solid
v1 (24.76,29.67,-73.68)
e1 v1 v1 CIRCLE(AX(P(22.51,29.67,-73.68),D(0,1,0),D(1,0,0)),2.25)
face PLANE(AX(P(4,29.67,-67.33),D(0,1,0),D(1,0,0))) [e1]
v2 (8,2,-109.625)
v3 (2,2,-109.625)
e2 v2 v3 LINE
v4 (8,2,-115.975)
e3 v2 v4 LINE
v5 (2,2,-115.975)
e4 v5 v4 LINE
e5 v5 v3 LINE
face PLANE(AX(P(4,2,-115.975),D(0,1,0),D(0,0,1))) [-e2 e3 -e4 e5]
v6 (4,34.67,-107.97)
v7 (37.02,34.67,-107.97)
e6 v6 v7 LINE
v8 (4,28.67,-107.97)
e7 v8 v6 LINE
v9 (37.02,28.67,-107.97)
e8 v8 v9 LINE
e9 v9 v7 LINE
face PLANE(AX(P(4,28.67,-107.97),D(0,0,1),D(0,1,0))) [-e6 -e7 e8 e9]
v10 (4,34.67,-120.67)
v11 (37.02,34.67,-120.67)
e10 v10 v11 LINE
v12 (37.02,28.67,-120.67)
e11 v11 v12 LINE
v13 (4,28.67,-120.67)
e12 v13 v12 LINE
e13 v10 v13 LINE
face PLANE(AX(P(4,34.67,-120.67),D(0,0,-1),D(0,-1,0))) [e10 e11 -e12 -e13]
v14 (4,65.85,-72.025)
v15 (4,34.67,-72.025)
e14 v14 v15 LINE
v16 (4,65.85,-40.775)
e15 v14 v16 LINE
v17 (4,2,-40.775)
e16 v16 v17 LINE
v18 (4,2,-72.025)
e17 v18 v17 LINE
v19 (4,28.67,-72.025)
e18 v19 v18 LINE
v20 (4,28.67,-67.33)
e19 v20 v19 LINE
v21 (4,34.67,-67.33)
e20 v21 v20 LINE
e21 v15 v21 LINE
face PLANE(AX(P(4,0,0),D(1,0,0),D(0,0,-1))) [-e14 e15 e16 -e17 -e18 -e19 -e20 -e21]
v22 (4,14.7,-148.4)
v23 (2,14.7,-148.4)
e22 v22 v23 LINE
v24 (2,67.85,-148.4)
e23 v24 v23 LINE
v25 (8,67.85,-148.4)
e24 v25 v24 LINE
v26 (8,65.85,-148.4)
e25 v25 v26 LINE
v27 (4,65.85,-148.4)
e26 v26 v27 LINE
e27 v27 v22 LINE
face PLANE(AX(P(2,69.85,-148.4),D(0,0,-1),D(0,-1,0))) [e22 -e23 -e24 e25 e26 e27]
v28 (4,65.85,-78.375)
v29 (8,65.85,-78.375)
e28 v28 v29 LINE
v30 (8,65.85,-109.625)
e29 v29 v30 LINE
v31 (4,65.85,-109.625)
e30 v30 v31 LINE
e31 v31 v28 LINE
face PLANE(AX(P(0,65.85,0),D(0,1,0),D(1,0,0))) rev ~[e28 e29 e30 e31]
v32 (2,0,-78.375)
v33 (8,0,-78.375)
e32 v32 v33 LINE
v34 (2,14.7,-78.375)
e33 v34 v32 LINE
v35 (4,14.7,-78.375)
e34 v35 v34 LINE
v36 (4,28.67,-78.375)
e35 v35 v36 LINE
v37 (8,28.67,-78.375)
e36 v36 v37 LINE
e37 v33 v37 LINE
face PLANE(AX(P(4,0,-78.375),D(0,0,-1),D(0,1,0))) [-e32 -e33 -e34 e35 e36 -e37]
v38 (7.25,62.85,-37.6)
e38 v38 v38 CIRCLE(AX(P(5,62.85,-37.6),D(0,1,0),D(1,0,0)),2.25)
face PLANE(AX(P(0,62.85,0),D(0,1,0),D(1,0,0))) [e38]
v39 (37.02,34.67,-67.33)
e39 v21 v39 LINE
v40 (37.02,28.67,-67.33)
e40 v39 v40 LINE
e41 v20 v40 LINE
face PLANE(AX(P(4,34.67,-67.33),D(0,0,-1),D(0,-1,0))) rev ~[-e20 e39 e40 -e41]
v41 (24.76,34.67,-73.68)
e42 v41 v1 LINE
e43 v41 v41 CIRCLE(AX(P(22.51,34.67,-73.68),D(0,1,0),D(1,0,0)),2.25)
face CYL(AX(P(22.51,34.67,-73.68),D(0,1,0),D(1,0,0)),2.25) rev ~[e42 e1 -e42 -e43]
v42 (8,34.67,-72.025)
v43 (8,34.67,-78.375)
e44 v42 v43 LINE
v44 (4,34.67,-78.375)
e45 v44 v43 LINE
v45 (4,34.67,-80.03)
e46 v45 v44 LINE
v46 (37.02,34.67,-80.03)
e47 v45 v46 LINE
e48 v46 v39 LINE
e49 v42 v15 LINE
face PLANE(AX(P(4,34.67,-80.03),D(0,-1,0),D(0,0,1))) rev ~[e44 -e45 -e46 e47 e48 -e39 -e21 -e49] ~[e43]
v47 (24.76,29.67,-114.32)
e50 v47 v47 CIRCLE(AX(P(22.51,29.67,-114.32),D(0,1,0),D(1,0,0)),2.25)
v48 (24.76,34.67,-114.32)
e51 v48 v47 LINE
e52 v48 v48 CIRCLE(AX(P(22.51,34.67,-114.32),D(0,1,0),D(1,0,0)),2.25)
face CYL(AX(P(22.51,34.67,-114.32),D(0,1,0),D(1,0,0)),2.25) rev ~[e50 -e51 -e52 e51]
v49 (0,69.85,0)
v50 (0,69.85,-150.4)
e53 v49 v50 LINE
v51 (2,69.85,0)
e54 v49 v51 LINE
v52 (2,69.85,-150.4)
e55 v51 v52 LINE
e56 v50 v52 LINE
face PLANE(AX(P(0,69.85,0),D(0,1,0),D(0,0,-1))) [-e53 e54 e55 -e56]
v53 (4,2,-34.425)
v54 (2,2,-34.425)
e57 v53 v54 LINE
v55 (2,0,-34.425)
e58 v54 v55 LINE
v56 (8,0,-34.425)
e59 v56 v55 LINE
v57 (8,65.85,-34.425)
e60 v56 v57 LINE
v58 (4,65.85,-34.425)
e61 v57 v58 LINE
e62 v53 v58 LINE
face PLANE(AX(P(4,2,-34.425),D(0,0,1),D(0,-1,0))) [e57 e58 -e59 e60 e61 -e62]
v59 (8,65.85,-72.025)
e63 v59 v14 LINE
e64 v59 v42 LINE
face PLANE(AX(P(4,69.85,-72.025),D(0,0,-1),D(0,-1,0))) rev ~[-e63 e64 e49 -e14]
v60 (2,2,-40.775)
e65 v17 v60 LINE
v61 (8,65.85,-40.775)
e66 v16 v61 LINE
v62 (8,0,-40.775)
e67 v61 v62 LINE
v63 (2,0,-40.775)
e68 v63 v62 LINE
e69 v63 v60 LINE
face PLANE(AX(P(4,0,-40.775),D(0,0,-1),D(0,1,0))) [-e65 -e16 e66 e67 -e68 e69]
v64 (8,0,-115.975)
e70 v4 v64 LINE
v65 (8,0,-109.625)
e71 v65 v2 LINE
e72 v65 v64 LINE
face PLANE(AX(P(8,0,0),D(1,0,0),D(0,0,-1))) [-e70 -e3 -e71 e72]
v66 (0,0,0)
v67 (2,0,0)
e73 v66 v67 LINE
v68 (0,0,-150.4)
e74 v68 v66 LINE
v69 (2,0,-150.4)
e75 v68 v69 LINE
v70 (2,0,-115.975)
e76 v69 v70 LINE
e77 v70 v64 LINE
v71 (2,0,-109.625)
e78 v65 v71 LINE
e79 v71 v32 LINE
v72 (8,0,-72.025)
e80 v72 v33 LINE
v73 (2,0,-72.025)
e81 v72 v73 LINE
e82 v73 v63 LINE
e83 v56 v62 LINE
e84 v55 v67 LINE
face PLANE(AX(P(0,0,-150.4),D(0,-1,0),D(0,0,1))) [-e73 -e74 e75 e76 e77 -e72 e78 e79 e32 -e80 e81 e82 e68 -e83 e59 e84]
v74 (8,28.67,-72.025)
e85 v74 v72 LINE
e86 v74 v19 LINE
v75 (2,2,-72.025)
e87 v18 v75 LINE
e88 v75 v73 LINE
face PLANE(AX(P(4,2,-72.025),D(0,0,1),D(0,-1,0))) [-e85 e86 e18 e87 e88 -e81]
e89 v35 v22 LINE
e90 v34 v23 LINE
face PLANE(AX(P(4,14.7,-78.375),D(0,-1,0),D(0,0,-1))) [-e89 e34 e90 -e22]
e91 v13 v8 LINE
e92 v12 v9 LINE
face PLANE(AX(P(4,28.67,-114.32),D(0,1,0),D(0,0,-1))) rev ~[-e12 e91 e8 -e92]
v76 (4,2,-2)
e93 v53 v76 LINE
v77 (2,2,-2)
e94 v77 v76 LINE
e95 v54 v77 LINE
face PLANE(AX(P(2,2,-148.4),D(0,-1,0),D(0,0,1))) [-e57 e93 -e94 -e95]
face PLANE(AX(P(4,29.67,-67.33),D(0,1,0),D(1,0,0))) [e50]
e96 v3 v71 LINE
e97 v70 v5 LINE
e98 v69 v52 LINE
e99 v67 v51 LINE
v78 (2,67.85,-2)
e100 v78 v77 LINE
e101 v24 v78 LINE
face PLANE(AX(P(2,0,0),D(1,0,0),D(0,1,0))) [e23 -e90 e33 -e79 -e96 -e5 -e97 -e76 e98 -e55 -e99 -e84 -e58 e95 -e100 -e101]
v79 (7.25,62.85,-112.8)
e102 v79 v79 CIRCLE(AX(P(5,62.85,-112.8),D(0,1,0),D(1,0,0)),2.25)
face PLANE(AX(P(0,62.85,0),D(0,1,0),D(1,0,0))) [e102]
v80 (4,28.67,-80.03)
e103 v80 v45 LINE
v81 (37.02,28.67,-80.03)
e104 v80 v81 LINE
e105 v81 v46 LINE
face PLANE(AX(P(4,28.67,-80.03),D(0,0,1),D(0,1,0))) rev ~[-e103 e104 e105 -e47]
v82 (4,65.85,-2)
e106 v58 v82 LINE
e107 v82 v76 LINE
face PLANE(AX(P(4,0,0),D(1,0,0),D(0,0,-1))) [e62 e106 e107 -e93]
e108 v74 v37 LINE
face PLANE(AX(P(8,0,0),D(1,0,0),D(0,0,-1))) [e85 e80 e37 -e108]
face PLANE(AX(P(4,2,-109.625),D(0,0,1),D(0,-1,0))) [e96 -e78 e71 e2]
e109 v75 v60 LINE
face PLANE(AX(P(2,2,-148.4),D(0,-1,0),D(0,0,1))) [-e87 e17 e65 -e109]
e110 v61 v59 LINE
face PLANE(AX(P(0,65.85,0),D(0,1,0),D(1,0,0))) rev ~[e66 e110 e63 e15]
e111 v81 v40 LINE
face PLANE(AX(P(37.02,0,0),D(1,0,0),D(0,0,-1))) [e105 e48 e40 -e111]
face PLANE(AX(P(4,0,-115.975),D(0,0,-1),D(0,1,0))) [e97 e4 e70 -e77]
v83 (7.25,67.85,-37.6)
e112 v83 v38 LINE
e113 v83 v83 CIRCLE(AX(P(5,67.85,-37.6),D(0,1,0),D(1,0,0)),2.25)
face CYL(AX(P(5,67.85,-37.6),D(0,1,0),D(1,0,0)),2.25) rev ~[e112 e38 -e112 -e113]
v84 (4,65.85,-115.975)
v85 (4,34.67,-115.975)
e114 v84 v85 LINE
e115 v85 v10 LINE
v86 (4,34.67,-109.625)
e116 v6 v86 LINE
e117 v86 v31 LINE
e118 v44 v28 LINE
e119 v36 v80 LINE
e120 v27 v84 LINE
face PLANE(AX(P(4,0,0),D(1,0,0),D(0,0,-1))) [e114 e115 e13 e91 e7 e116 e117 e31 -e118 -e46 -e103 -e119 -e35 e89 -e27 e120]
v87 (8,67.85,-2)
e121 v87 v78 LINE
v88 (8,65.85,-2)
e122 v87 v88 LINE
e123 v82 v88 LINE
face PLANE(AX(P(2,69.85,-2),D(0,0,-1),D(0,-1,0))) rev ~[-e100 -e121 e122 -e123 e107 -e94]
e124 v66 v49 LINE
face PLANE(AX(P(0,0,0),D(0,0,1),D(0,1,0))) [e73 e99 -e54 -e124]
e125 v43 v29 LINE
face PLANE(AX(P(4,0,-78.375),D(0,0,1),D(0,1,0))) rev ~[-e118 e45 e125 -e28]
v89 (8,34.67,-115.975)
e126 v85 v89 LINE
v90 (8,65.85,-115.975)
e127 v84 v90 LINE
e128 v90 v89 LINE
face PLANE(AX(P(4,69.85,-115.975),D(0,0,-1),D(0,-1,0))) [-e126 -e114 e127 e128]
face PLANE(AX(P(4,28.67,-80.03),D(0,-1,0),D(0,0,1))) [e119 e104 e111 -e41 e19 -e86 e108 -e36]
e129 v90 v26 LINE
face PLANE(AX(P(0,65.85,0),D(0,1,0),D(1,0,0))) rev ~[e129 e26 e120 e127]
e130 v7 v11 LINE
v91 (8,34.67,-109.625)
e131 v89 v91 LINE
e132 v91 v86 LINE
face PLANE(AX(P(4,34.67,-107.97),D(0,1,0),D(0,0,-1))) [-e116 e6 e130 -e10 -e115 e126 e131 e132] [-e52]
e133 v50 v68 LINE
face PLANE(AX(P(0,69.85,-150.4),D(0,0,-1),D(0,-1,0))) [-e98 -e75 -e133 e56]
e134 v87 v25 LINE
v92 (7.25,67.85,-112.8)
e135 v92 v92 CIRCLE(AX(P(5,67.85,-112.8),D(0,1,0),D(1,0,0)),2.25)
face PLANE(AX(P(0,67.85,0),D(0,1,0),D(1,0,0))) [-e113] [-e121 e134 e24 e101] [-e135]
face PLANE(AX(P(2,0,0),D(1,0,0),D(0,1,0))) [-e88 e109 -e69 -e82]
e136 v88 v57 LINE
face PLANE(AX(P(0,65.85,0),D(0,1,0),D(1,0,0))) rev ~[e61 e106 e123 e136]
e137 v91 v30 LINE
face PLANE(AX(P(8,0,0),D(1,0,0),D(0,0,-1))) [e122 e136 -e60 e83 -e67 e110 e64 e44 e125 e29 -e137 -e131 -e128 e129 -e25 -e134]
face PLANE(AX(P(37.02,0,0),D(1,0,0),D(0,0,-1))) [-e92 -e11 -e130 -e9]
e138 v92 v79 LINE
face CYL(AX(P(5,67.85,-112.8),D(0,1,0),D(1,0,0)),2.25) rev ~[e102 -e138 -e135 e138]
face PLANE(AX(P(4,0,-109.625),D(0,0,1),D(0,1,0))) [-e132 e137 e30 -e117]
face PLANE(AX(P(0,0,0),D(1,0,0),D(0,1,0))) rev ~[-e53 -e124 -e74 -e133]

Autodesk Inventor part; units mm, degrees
ref_plane "YZ Plane" through (0, 0, 0) normal (1, 0, 0) x (0, 1, 0)
ref_plane "XZ Plane" through (0, 0, 0) normal (0, 1, 0) x (-1, 0, 0)
ref_plane "XY Plane" through (0, 0, 0) normal (0, 0, 1) x (1, 0, 0)
sketch "Sketch1" plane through (0, 0, 0) normal (1, 0, 0) x (0, 1, 0)
  line L0 (0, 0) -> (69.85, 0)
  line L1 (69.85, 0) -> (69.85, -150.4)
  line L2 (69.85, -150.4) -> (0, -150.4)
  line L3 (0, -150.4) -> (0, 0)
  dimension "d0" = 69.85
  dimension "d1" = 150.4
extrude "Extrusion1" add sketch "Sketch1" along normal blind 2
sketch "Sketch2" plane through (2, 0, 0) normal (1, 0, 0) x (0, 0, -1)
  line L0 (150.4, 0) -> (150.4, 69.85)
  line L1 (150.4, 69.85) -> (0, 69.85)
  line L2 (0, 69.85) -> (0, 0)
  line L3 (0, 0) -> (150.4, 0)
  line L4 (150.4, 69.85) -> (148.4, 69.85)
  line L5 (148.4, 69.85) -> (148.4, 0)
  line L6 (148.4, 0) -> (150.4, 0)
  line L7 (150.4, 0) -> (150.4, 69.85)
  line L8 (0, 69.85) -> (2, 69.85)
  line L9 (2, 69.85) -> (2, 0)
  line L10 (2, 0) -> (0, 0)
  line L11 (0, 0) -> (0, 69.85)
  line L12 (0, 0) -> (150.4, 0)
  line L13 (150.4, 0) -> (150.4, 2)
  line L14 (150.4, 2) -> (0, 2)
  line L15 (0, 2) -> (0, 0)
  point P0 (2, 2)
  point P1 (148.4, 2)
  dimension "d4" = 2
  dimension "d5" = 2
  dimension "d6" = 2
extrude "Extrusion2" add sketch "Sketch2" along normal blind 2 contours L14 L9 L1 L5
sketch "Sketch3" plane through (4, 0, 0) normal (1, 0, 0) x (0, 0, -1)
  line L0 (150.4, 0) -> (150.4, 69.85)
  line L1 (0, 0) -> (150.4, 0)
  line L2 (0, 69.85) -> (0, 0)
  line L3 (150.4, 69.85) -> (0, 69.85)
  line L4 (0, 69.85) -> (75.2, 69.85) construction
  line L5 (75.2, 69.85) -> (75.2, 0) construction
  line L6 (75.2, 0) -> (0, 0) construction
  line L7 (0, 0) -> (0, 69.85) construction
  line L8 (0, 0) -> (150.4, 0) construction
  line L9 (0, 0) -> (37.6, 0) construction
  line L10 (37.6, 0) -> (37.6, 69.85) construction
  line L11 (37.6, 69.85) -> (0, 69.85) construction
  line L12 (0, 69.85) -> (0, 0) construction
  line L13 (150.4, 0) -> (150.4, 69.85) construction
  line L14 (75.2, 69.85) -> (150.4, 69.85) construction
  line L15 (150.4, 69.85) -> (150.4, 0) construction
  line L16 (150.4, 0) -> (75.2, 0) construction
  line L17 (75.2, 0) -> (75.2, 69.85) construction
  line L18 (75.2, 0) -> (112.8, 0) construction
  line L19 (112.8, 0) -> (112.8, 69.85) construction
  line L20 (112.8, 69.85) -> (75.2, 69.85) construction
  line L21 (75.2, 69.85) -> (75.2, 0) construction
  line L22 (34.425, 0) -> (34.425, 69.85) construction
  line L23 (34.425, 69.85) -> (40.775, 69.85) construction
  line L24 (40.775, 69.85) -> (40.775, 0) construction
  line L25 (40.775, 0) -> (34.425, 0) construction
  line L26 (34.425, 0) -> (40.775, 69.85) construction
  line L27 (34.425, 69.85) -> (40.775, 0) construction
  line L28 (72.025, 0) -> (72.025, 69.85) construction
  line L29 (72.025, 69.85) -> (78.375, 69.85) construction
  line L30 (78.375, 69.85) -> (78.375, 0) construction
  line L31 (78.375, 0) -> (72.025, 0) construction
  line L32 (72.025, 0) -> (78.375, 69.85) construction
  line L33 (72.025, 69.85) -> (78.375, 0) construction
  line L34 (109.625, 0) -> (109.625, 69.85) construction
  line L35 (109.625, 69.85) -> (115.975, 69.85) construction
  line L36 (115.975, 69.85) -> (115.975, 0) construction
  line L37 (115.975, 0) -> (109.625, 0) construction
  line L38 (109.625, 0) -> (115.975, 69.85) construction
  line L39 (109.625, 69.85) -> (115.975, 0) construction
  line L40 (34.425, 69.85) -> (40.775, 69.85)
  line L41 (40.775, 69.85) -> (40.775, 0)
  line L42 (40.775, 0) -> (34.425, 0)
  line L43 (34.425, 0) -> (34.425, 69.85)
  line L44 (72.025, 0) -> (78.375, 0)
  line L45 (78.375, 0) -> (78.375, 69.85)
  line L46 (78.375, 69.85) -> (72.025, 69.85)
  line L47 (72.025, 69.85) -> (72.025, 0)
  line L48 (109.625, 69.85) -> (115.975, 69.85)
  line L49 (115.975, 69.85) -> (115.975, 0)
  line L50 (115.975, 0) -> (109.625, 0)
  line L51 (109.625, 0) -> (109.625, 69.85)
  point P0 (37.6, 34.925)
  point P1 (75.2, 34.925)
  point P2 (112.8, 34.925)
  dimension "d9" = 6.35
  dimension "d10" = 6.35
  dimension "d11" = 6.35
extrude "Extrusion3" add sketch "Sketch3" along normal blind 4 contours L1 L51 L3 L49 | L1 L47 L3 L45 | L1 L43 L3 L41
sketch "Sketch4" plane through (0, 69.85, 0) normal (0, 1, 0) x (1, 0, 0)
  line L0 (0, 150.4) -> (0, 0)
  line L1 (0, 150.4) -> (0, 0) construction
  line L2 (0, 0) -> (2, 0) construction
  line L3 (2, 2) -> (2, 0) construction
  line L4 (2, 2) -> (4, 2) construction
  line L5 (4, 34.425) -> (4, 2) construction
  line L6 (4, 34.425) -> (8, 34.425) construction
  line L7 (8, 40.775) -> (8, 34.425) construction
  line L8 (4, 40.775) -> (8, 40.775) construction
  line L9 (4, 72.025) -> (4, 40.775) construction
  line L10 (4, 72.025) -> (8, 72.025) construction
  line L11 (8, 78.375) -> (8, 72.025) construction
  line L12 (4, 78.375) -> (8, 78.375) construction
  line L13 (4, 109.625) -> (4, 78.375) construction
  line L14 (4, 109.625) -> (8, 109.625) construction
  line L15 (8, 115.975) -> (8, 109.625) construction
  line L16 (4, 115.975) -> (8, 115.975) construction
  line L17 (4, 148.4) -> (4, 115.975) construction
  line L18 (2, 148.4) -> (4, 148.4) construction
  line L19 (2, 150.4) -> (2, 148.4) construction
  line L20 (0, 150.4) -> (2, 150.4) construction
  line L21 (2, 0) -> (0, 0)
  line L22 (0, 0) -> (0, 150.4)
  line L23 (0, 150.4) -> (2, 150.4)
  line L24 (2, 150.4) -> (2, 0)
  line L25 (2, 0) -> (8, 0)
  line L26 (8, 0) -> (8, 150.4)
  line L27 (8, 150.4) -> (2, 150.4)
  line L28 (2, 150.4) -> (2, 0)
extrude "Extrusion4" cut sketch "Sketch4" against normal blind 2 contours L27 L26 L25 L24
sketch "Sketch5" plane through (0, 67.85, 0) normal (0, 1, 0) x (1, 0, 0)
  line L0 (4, 115.975) -> (8, 115.975)
  line L1 (4, 148.4) -> (4, 115.975)
  line L2 (2, 148.4) -> (4, 148.4)
  line L3 (2, 2) -> (2, 148.4)
  line L4 (4, 2) -> (2, 2)
  line L5 (4, 34.425) -> (4, 2)
  line L6 (8, 34.425) -> (4, 34.425)
  line L7 (8, 40.775) -> (8, 34.425)
  line L8 (4, 40.775) -> (8, 40.775)
  line L9 (4, 72.025) -> (4, 40.775)
  line L10 (8, 72.025) -> (4, 72.025)
  line L11 (8, 78.375) -> (8, 72.025)
  line L12 (4, 78.375) -> (8, 78.375)
  line L13 (4, 109.625) -> (4, 78.375)
  line L14 (8, 109.625) -> (4, 109.625)
  line L15 (8, 115.975) -> (8, 109.625)
  line L16 (2, 2) -> (4, 2)
  line L17 (2, 2) -> (8, 2)
  line L18 (8, 2) -> (8, 148.4)
  line L19 (8, 148.4) -> (2, 148.4)
  line L20 (2, 148.4) -> (2, 2)
  point P0 (0, 0)
  point P1 (4, 2)
extrude "Extrusion5" add sketch "Sketch5" against normal blind 2 contours L1 L19 L18 L0 | L18 L12 L13 L14 | L18 L8 L9 L10 | L5 L6 L18 L17
sketch "Sketch6" plane through (4, 0, 0) normal (1, 0, 0) x (0, 0, -1)
  line L0 (2, 67.85) -> (148.4, 67.85) construction
  line L1 (2, 67.85) -> (2, 65.85) construction
  line L2 (34.425, 65.85) -> (2, 65.85) construction
  line L3 (34.425, 65.85) -> (34.425, 0) construction
  line L4 (34.425, 0) -> (40.775, 0) construction
  line L5 (40.775, 0) -> (40.775, 65.85) construction
  line L6 (72.025, 65.85) -> (40.775, 65.85) construction
  line L7 (72.025, 65.85) -> (72.025, 0) construction
  line L8 (72.025, 0) -> (78.375, 0) construction
  line L9 (78.375, 0) -> (78.375, 65.85) construction
  line L10 (109.625, 65.85) -> (78.375, 65.85) construction
  line L11 (109.625, 65.85) -> (109.625, 0) construction
  line L12 (109.625, 0) -> (115.975, 0) construction
  line L13 (115.975, 0) -> (115.975, 65.85) construction
  line L14 (148.4, 65.85) -> (115.975, 65.85) construction
  line L15 (148.4, 67.85) -> (148.4, 65.85) construction
  line L16 (109.625, 65.85) -> (78.375, 65.85) construction
  line L17 (78.375, 65.85) -> (78.375, 2) construction
  line L18 (78.375, 2) -> (109.625, 2) construction
  line L19 (109.625, 2) -> (109.625, 65.85) construction
  line L20 (148.4, 65.85) -> (115.975, 65.85) construction
  line L21 (115.975, 65.85) -> (115.975, 2) construction
  line L22 (115.975, 2) -> (148.4, 2) construction
  line L23 (148.4, 2) -> (148.4, 65.85) construction
  line L24 (72.025, 65.85) -> (40.775, 65.85) construction
  line L25 (40.775, 65.85) -> (40.775, 2) construction
  line L26 (40.775, 2) -> (72.025, 2) construction
  line L27 (72.025, 2) -> (72.025, 65.85) construction
  line L28 (78.375, 2) -> (78.375, 28.67) construction
  line L29 (94, 28.67) -> (114.32, 28.67)
  line L30 (114.32, 28.67) -> (73.68, 28.67)
  line L31 (73.68, 28.67) -> (67.33, 28.67)
  line L32 (67.33, 28.67) -> (80.03, 28.67)
  line L33 (80.03, 28.67) -> (80.03, 34.67)
  line L34 (80.03, 34.67) -> (67.33, 34.67)
  line L35 (67.33, 34.67) -> (67.33, 28.67)
  line L36 (114.32, 28.67) -> (120.67, 28.67)
  line L37 (120.67, 28.67) -> (107.97, 28.67)
  line L38 (107.97, 28.67) -> (107.97, 34.67)
  line L39 (107.97, 34.67) -> (120.67, 34.67)
  line L40 (120.67, 34.67) -> (120.67, 28.67)
  point P0 (0, 0)
  dimension "d18" = 26.67
  dimension "d31" = 20.32
  dimension "d32" = 40.64
  dimension "d33" = 6.35
  dimension "d34" = 12.7
  dimension "d35" = 6
  dimension "d36" = 6.35
  dimension "d37" = 12.7
  dimension "d38" = 6
extrude "Extrusion6" add sketch "Sketch6" along normal blind 33.02
sketch "Sketch12" plane through (4, 34.67, -67.33) normal (0, 1, 0) x (1, 0, 0)
  line L0 (4, 11.045) -> (0, 11.045) construction
  line L1 (4, 4.695) -> (4, 11.045) construction
  line L2 (0, 4.695) -> (4, 4.695) construction
  line L3 (0, 0) -> (0, 4.695) construction
  line L4 (0, 0) -> (33.02, 0) construction
  line L5 (33.02, 12.7) -> (33.02, 0) construction
  line L6 (0, 12.7) -> (33.02, 12.7) construction
  line L7 (0, 11.045) -> (0, 12.7) construction
  line L8 (4, 48.645) -> (0, 48.645) construction
  line L9 (4, 42.295) -> (4, 48.645) construction
  line L10 (0, 42.295) -> (4, 42.295) construction
  line L11 (0, 40.64) -> (0, 42.295) construction
  line L12 (0, 40.64) -> (33.02, 40.64) construction
  line L13 (33.02, 53.34) -> (33.02, 40.64) construction
  line L14 (0, 53.34) -> (33.02, 53.34) construction
  line L15 (0, 48.645) -> (0, 53.34) construction
  line L16 (4, 4.695) -> (4, -26.555) construction
  line L17 (4, 4.695) -> (33.02, 4.695) construction
  line L18 (33.02, 4.695) -> (33.02, 0) construction
  line L19 (33.02, 0) -> (4, 0) construction
  line L20 (4, 0) -> (4, 4.695) construction
  circle A0 centre (18.51, 6.35) radius 2.25 construction
  line L21 (4, 48.645) -> (33.02, 48.645) construction
  circle A1 centre (18.51, 46.99) radius 2.25 construction
  circle A2 centre (18.51, 6.35) radius 2.25
  circle A3 centre (18.51, 46.99) radius 2.25
  point P0 (-4, -67.33)
  dimension "d39" = 4.5
  dimension "d40" = 4.5
extrude "Extrusion10" cut sketch "Sketch12" against normal blind 5
sketch "Sketch13" plane through (8, 0, 0) normal (1, 0, 0) x (0, 0, -1)
  line L0 (120.67, 28.67) -> (115.975, 28.67) construction
  line L1 (115.975, 28.67) -> (115.975, 2) construction
  line L2 (115.975, 2) -> (148.4, 2) construction
  line L3 (148.4, 2) -> (148.4, 65.85) construction
  line L4 (148.4, 65.85) -> (115.975, 65.85) construction
  line L5 (115.975, 65.85) -> (115.975, 34.67) construction
  line L6 (115.975, 34.67) -> (120.67, 34.67) construction
  line L7 (120.67, 34.67) -> (120.67, 28.67) construction
  line L8 (115.975, 28.67) -> (109.625, 28.67) construction
  line L9 (109.625, 28.67) -> (109.625, 0) construction
  line L10 (109.625, 0) -> (115.975, 0) construction
  line L11 (115.975, 0) -> (115.975, 28.67) construction
  line L12 (78.375, 2) -> (109.625, 2)
  line L13 (115.975, 28.67) -> (109.625, 28.67)
  line L14 (109.625, 28.67) -> (109.625, 2)
  line L15 (109.625, 2) -> (115.975, 2)
  line L16 (115.975, 2) -> (115.975, 28.67)
  point P0 (0, 0)
extrude "Extrusion11" cut sketch "Sketch13" against normal up to surface (4 mm away)
sketch "Sketch14" plane through (4, 0, 0) normal (-1, 0, 0) x (0, 0, 1)
  line L0 (-109.625, 2) -> (-115.975, 2)
  line L1 (-115.975, 0) -> (-115.975, 2)
  line L2 (-109.625, 0) -> (-115.975, 0)
  line L3 (-109.625, 2) -> (-109.625, 0)
  line L4 (-72.025, 2) -> (-78.375, 2)
  line L5 (-78.375, 0) -> (-78.375, 2)
  line L6 (-72.025, 0) -> (-78.375, 0)
  line L7 (-72.025, 2) -> (-72.025, 0)
  line L8 (-34.425, 2) -> (-40.775, 2)
  line L9 (-40.775, 0) -> (-40.775, 2)
  line L10 (-34.425, 0) -> (-40.775, 0)
  line L11 (-34.425, 2) -> (-34.425, 0)
  point P0 (0, 0)
extrude "Extrusion12" add sketch "Sketch14" along normal blind 2
sketch "Sketch15" plane through (0, 67.85, 0) normal (0, 1, 0) x (1, 0, 0)
  line L0 (8, 2) -> (8, 148.4) construction
  line L1 (2, 148.4) -> (8, 148.4) construction
  line L2 (2, 2) -> (2, 148.4) construction
  line L3 (8, 2) -> (2, 2) construction
  line L4 (8, 109.625) -> (8, 115.975) construction
  line L5 (8, 148.4) -> (8, 115.975) construction
  line L6 (8, 2) -> (8, 148.4) construction
  line L7 (8, 34.425) -> (8, 2) construction
  line L8 (8, 34.425) -> (8, 40.775) construction
  line L9 (8, 72.025) -> (8, 40.775) construction
  line L10 (8, 72.025) -> (8, 78.375) construction
  line L11 (8, 109.625) -> (8, 78.375) construction
  line L12 (8, 34.425) -> (4, 34.425) construction
  line L13 (8, 34.425) -> (2, 34.425) construction
  line L14 (2, 34.425) -> (2, 40.775) construction
  line L15 (2, 40.775) -> (8, 40.775) construction
  line L16 (8, 40.775) -> (8, 34.425) construction
  line L17 (8, 109.625) -> (2, 109.625) construction
  line L18 (2, 109.625) -> (2, 115.975) construction
  line L19 (2, 115.975) -> (8, 115.975) construction
  line L20 (8, 115.975) -> (8, 109.625) construction
  circle A0 centre (5, 37.6) radius 2.25 construction
  circle A1 centre (5, 37.6) radius 2.25
  circle A2 centre (5, 112.8) radius 2.25
  point P0 (0, 0)
  dimension "d47" = 4.5
  dimension "d48" = 4.5
extrude "Extrusion13" cut sketch "Sketch15" against normal blind 5
sketch "Sketch16" plane through (4, 0, 0) normal (1, 0, 0) x (0, 0, -1)
  line L0 (107.97, 28.67) -> (120.67, 28.67) construction
  line L1 (107.97, 28.67) -> (107.97, 34.67) construction
  line L2 (107.97, 34.67) -> (109.625, 34.67) construction
  line L3 (109.625, 34.67) -> (109.625, 65.85) construction
  line L4 (109.625, 65.85) -> (78.375, 65.85) construction
  line L5 (78.375, 65.85) -> (78.375, 34.67) construction
  line L6 (78.375, 34.67) -> (80.03, 34.67) construction
  line L7 (80.03, 34.67) -> (80.03, 28.67) construction
  line L8 (80.03, 28.67) -> (78.375, 28.67) construction
  line L9 (78.375, 28.67) -> (78.375, 2) construction
  line L10 (78.375, 2) -> (109.625, 2) construction
  line L11 (109.625, 2) -> (115.975, 2) construction
  line L12 (115.975, 2) -> (148.4, 2) construction
  line L13 (148.4, 2) -> (148.4, 65.85) construction
  line L14 (148.4, 65.85) -> (115.975, 65.85) construction
  line L15 (115.975, 65.85) -> (115.975, 34.67) construction
  line L16 (115.975, 34.67) -> (120.67, 34.67) construction
  line L17 (120.67, 34.67) -> (120.67, 28.67) construction
  line L18 (148.4, 2) -> (78.375, 2) construction
  line L19 (78.375, 2) -> (78.375, 14.7) construction
  line L20 (78.375, 14.7) -> (148.4, 14.7) construction
  line L21 (148.4, 14.7) -> (148.4, 2) construction
  line L22 (115.975, 2) -> (148.4, 2)
  line L23 (78.375, 14.7) -> (148.4, 14.7)
  line L24 (148.4, 14.7) -> (148.4, 2)
  line L25 (148.4, 2) -> (78.375, 2)
  line L26 (78.375, 2) -> (78.375, 14.7)
  point P0 (0, 0)
  dimension "d51" = 12.7
extrude "Extrusion14" cut sketch "Sketch16" against normal up to surface (2 mm away)
properties part number "leftwall"
